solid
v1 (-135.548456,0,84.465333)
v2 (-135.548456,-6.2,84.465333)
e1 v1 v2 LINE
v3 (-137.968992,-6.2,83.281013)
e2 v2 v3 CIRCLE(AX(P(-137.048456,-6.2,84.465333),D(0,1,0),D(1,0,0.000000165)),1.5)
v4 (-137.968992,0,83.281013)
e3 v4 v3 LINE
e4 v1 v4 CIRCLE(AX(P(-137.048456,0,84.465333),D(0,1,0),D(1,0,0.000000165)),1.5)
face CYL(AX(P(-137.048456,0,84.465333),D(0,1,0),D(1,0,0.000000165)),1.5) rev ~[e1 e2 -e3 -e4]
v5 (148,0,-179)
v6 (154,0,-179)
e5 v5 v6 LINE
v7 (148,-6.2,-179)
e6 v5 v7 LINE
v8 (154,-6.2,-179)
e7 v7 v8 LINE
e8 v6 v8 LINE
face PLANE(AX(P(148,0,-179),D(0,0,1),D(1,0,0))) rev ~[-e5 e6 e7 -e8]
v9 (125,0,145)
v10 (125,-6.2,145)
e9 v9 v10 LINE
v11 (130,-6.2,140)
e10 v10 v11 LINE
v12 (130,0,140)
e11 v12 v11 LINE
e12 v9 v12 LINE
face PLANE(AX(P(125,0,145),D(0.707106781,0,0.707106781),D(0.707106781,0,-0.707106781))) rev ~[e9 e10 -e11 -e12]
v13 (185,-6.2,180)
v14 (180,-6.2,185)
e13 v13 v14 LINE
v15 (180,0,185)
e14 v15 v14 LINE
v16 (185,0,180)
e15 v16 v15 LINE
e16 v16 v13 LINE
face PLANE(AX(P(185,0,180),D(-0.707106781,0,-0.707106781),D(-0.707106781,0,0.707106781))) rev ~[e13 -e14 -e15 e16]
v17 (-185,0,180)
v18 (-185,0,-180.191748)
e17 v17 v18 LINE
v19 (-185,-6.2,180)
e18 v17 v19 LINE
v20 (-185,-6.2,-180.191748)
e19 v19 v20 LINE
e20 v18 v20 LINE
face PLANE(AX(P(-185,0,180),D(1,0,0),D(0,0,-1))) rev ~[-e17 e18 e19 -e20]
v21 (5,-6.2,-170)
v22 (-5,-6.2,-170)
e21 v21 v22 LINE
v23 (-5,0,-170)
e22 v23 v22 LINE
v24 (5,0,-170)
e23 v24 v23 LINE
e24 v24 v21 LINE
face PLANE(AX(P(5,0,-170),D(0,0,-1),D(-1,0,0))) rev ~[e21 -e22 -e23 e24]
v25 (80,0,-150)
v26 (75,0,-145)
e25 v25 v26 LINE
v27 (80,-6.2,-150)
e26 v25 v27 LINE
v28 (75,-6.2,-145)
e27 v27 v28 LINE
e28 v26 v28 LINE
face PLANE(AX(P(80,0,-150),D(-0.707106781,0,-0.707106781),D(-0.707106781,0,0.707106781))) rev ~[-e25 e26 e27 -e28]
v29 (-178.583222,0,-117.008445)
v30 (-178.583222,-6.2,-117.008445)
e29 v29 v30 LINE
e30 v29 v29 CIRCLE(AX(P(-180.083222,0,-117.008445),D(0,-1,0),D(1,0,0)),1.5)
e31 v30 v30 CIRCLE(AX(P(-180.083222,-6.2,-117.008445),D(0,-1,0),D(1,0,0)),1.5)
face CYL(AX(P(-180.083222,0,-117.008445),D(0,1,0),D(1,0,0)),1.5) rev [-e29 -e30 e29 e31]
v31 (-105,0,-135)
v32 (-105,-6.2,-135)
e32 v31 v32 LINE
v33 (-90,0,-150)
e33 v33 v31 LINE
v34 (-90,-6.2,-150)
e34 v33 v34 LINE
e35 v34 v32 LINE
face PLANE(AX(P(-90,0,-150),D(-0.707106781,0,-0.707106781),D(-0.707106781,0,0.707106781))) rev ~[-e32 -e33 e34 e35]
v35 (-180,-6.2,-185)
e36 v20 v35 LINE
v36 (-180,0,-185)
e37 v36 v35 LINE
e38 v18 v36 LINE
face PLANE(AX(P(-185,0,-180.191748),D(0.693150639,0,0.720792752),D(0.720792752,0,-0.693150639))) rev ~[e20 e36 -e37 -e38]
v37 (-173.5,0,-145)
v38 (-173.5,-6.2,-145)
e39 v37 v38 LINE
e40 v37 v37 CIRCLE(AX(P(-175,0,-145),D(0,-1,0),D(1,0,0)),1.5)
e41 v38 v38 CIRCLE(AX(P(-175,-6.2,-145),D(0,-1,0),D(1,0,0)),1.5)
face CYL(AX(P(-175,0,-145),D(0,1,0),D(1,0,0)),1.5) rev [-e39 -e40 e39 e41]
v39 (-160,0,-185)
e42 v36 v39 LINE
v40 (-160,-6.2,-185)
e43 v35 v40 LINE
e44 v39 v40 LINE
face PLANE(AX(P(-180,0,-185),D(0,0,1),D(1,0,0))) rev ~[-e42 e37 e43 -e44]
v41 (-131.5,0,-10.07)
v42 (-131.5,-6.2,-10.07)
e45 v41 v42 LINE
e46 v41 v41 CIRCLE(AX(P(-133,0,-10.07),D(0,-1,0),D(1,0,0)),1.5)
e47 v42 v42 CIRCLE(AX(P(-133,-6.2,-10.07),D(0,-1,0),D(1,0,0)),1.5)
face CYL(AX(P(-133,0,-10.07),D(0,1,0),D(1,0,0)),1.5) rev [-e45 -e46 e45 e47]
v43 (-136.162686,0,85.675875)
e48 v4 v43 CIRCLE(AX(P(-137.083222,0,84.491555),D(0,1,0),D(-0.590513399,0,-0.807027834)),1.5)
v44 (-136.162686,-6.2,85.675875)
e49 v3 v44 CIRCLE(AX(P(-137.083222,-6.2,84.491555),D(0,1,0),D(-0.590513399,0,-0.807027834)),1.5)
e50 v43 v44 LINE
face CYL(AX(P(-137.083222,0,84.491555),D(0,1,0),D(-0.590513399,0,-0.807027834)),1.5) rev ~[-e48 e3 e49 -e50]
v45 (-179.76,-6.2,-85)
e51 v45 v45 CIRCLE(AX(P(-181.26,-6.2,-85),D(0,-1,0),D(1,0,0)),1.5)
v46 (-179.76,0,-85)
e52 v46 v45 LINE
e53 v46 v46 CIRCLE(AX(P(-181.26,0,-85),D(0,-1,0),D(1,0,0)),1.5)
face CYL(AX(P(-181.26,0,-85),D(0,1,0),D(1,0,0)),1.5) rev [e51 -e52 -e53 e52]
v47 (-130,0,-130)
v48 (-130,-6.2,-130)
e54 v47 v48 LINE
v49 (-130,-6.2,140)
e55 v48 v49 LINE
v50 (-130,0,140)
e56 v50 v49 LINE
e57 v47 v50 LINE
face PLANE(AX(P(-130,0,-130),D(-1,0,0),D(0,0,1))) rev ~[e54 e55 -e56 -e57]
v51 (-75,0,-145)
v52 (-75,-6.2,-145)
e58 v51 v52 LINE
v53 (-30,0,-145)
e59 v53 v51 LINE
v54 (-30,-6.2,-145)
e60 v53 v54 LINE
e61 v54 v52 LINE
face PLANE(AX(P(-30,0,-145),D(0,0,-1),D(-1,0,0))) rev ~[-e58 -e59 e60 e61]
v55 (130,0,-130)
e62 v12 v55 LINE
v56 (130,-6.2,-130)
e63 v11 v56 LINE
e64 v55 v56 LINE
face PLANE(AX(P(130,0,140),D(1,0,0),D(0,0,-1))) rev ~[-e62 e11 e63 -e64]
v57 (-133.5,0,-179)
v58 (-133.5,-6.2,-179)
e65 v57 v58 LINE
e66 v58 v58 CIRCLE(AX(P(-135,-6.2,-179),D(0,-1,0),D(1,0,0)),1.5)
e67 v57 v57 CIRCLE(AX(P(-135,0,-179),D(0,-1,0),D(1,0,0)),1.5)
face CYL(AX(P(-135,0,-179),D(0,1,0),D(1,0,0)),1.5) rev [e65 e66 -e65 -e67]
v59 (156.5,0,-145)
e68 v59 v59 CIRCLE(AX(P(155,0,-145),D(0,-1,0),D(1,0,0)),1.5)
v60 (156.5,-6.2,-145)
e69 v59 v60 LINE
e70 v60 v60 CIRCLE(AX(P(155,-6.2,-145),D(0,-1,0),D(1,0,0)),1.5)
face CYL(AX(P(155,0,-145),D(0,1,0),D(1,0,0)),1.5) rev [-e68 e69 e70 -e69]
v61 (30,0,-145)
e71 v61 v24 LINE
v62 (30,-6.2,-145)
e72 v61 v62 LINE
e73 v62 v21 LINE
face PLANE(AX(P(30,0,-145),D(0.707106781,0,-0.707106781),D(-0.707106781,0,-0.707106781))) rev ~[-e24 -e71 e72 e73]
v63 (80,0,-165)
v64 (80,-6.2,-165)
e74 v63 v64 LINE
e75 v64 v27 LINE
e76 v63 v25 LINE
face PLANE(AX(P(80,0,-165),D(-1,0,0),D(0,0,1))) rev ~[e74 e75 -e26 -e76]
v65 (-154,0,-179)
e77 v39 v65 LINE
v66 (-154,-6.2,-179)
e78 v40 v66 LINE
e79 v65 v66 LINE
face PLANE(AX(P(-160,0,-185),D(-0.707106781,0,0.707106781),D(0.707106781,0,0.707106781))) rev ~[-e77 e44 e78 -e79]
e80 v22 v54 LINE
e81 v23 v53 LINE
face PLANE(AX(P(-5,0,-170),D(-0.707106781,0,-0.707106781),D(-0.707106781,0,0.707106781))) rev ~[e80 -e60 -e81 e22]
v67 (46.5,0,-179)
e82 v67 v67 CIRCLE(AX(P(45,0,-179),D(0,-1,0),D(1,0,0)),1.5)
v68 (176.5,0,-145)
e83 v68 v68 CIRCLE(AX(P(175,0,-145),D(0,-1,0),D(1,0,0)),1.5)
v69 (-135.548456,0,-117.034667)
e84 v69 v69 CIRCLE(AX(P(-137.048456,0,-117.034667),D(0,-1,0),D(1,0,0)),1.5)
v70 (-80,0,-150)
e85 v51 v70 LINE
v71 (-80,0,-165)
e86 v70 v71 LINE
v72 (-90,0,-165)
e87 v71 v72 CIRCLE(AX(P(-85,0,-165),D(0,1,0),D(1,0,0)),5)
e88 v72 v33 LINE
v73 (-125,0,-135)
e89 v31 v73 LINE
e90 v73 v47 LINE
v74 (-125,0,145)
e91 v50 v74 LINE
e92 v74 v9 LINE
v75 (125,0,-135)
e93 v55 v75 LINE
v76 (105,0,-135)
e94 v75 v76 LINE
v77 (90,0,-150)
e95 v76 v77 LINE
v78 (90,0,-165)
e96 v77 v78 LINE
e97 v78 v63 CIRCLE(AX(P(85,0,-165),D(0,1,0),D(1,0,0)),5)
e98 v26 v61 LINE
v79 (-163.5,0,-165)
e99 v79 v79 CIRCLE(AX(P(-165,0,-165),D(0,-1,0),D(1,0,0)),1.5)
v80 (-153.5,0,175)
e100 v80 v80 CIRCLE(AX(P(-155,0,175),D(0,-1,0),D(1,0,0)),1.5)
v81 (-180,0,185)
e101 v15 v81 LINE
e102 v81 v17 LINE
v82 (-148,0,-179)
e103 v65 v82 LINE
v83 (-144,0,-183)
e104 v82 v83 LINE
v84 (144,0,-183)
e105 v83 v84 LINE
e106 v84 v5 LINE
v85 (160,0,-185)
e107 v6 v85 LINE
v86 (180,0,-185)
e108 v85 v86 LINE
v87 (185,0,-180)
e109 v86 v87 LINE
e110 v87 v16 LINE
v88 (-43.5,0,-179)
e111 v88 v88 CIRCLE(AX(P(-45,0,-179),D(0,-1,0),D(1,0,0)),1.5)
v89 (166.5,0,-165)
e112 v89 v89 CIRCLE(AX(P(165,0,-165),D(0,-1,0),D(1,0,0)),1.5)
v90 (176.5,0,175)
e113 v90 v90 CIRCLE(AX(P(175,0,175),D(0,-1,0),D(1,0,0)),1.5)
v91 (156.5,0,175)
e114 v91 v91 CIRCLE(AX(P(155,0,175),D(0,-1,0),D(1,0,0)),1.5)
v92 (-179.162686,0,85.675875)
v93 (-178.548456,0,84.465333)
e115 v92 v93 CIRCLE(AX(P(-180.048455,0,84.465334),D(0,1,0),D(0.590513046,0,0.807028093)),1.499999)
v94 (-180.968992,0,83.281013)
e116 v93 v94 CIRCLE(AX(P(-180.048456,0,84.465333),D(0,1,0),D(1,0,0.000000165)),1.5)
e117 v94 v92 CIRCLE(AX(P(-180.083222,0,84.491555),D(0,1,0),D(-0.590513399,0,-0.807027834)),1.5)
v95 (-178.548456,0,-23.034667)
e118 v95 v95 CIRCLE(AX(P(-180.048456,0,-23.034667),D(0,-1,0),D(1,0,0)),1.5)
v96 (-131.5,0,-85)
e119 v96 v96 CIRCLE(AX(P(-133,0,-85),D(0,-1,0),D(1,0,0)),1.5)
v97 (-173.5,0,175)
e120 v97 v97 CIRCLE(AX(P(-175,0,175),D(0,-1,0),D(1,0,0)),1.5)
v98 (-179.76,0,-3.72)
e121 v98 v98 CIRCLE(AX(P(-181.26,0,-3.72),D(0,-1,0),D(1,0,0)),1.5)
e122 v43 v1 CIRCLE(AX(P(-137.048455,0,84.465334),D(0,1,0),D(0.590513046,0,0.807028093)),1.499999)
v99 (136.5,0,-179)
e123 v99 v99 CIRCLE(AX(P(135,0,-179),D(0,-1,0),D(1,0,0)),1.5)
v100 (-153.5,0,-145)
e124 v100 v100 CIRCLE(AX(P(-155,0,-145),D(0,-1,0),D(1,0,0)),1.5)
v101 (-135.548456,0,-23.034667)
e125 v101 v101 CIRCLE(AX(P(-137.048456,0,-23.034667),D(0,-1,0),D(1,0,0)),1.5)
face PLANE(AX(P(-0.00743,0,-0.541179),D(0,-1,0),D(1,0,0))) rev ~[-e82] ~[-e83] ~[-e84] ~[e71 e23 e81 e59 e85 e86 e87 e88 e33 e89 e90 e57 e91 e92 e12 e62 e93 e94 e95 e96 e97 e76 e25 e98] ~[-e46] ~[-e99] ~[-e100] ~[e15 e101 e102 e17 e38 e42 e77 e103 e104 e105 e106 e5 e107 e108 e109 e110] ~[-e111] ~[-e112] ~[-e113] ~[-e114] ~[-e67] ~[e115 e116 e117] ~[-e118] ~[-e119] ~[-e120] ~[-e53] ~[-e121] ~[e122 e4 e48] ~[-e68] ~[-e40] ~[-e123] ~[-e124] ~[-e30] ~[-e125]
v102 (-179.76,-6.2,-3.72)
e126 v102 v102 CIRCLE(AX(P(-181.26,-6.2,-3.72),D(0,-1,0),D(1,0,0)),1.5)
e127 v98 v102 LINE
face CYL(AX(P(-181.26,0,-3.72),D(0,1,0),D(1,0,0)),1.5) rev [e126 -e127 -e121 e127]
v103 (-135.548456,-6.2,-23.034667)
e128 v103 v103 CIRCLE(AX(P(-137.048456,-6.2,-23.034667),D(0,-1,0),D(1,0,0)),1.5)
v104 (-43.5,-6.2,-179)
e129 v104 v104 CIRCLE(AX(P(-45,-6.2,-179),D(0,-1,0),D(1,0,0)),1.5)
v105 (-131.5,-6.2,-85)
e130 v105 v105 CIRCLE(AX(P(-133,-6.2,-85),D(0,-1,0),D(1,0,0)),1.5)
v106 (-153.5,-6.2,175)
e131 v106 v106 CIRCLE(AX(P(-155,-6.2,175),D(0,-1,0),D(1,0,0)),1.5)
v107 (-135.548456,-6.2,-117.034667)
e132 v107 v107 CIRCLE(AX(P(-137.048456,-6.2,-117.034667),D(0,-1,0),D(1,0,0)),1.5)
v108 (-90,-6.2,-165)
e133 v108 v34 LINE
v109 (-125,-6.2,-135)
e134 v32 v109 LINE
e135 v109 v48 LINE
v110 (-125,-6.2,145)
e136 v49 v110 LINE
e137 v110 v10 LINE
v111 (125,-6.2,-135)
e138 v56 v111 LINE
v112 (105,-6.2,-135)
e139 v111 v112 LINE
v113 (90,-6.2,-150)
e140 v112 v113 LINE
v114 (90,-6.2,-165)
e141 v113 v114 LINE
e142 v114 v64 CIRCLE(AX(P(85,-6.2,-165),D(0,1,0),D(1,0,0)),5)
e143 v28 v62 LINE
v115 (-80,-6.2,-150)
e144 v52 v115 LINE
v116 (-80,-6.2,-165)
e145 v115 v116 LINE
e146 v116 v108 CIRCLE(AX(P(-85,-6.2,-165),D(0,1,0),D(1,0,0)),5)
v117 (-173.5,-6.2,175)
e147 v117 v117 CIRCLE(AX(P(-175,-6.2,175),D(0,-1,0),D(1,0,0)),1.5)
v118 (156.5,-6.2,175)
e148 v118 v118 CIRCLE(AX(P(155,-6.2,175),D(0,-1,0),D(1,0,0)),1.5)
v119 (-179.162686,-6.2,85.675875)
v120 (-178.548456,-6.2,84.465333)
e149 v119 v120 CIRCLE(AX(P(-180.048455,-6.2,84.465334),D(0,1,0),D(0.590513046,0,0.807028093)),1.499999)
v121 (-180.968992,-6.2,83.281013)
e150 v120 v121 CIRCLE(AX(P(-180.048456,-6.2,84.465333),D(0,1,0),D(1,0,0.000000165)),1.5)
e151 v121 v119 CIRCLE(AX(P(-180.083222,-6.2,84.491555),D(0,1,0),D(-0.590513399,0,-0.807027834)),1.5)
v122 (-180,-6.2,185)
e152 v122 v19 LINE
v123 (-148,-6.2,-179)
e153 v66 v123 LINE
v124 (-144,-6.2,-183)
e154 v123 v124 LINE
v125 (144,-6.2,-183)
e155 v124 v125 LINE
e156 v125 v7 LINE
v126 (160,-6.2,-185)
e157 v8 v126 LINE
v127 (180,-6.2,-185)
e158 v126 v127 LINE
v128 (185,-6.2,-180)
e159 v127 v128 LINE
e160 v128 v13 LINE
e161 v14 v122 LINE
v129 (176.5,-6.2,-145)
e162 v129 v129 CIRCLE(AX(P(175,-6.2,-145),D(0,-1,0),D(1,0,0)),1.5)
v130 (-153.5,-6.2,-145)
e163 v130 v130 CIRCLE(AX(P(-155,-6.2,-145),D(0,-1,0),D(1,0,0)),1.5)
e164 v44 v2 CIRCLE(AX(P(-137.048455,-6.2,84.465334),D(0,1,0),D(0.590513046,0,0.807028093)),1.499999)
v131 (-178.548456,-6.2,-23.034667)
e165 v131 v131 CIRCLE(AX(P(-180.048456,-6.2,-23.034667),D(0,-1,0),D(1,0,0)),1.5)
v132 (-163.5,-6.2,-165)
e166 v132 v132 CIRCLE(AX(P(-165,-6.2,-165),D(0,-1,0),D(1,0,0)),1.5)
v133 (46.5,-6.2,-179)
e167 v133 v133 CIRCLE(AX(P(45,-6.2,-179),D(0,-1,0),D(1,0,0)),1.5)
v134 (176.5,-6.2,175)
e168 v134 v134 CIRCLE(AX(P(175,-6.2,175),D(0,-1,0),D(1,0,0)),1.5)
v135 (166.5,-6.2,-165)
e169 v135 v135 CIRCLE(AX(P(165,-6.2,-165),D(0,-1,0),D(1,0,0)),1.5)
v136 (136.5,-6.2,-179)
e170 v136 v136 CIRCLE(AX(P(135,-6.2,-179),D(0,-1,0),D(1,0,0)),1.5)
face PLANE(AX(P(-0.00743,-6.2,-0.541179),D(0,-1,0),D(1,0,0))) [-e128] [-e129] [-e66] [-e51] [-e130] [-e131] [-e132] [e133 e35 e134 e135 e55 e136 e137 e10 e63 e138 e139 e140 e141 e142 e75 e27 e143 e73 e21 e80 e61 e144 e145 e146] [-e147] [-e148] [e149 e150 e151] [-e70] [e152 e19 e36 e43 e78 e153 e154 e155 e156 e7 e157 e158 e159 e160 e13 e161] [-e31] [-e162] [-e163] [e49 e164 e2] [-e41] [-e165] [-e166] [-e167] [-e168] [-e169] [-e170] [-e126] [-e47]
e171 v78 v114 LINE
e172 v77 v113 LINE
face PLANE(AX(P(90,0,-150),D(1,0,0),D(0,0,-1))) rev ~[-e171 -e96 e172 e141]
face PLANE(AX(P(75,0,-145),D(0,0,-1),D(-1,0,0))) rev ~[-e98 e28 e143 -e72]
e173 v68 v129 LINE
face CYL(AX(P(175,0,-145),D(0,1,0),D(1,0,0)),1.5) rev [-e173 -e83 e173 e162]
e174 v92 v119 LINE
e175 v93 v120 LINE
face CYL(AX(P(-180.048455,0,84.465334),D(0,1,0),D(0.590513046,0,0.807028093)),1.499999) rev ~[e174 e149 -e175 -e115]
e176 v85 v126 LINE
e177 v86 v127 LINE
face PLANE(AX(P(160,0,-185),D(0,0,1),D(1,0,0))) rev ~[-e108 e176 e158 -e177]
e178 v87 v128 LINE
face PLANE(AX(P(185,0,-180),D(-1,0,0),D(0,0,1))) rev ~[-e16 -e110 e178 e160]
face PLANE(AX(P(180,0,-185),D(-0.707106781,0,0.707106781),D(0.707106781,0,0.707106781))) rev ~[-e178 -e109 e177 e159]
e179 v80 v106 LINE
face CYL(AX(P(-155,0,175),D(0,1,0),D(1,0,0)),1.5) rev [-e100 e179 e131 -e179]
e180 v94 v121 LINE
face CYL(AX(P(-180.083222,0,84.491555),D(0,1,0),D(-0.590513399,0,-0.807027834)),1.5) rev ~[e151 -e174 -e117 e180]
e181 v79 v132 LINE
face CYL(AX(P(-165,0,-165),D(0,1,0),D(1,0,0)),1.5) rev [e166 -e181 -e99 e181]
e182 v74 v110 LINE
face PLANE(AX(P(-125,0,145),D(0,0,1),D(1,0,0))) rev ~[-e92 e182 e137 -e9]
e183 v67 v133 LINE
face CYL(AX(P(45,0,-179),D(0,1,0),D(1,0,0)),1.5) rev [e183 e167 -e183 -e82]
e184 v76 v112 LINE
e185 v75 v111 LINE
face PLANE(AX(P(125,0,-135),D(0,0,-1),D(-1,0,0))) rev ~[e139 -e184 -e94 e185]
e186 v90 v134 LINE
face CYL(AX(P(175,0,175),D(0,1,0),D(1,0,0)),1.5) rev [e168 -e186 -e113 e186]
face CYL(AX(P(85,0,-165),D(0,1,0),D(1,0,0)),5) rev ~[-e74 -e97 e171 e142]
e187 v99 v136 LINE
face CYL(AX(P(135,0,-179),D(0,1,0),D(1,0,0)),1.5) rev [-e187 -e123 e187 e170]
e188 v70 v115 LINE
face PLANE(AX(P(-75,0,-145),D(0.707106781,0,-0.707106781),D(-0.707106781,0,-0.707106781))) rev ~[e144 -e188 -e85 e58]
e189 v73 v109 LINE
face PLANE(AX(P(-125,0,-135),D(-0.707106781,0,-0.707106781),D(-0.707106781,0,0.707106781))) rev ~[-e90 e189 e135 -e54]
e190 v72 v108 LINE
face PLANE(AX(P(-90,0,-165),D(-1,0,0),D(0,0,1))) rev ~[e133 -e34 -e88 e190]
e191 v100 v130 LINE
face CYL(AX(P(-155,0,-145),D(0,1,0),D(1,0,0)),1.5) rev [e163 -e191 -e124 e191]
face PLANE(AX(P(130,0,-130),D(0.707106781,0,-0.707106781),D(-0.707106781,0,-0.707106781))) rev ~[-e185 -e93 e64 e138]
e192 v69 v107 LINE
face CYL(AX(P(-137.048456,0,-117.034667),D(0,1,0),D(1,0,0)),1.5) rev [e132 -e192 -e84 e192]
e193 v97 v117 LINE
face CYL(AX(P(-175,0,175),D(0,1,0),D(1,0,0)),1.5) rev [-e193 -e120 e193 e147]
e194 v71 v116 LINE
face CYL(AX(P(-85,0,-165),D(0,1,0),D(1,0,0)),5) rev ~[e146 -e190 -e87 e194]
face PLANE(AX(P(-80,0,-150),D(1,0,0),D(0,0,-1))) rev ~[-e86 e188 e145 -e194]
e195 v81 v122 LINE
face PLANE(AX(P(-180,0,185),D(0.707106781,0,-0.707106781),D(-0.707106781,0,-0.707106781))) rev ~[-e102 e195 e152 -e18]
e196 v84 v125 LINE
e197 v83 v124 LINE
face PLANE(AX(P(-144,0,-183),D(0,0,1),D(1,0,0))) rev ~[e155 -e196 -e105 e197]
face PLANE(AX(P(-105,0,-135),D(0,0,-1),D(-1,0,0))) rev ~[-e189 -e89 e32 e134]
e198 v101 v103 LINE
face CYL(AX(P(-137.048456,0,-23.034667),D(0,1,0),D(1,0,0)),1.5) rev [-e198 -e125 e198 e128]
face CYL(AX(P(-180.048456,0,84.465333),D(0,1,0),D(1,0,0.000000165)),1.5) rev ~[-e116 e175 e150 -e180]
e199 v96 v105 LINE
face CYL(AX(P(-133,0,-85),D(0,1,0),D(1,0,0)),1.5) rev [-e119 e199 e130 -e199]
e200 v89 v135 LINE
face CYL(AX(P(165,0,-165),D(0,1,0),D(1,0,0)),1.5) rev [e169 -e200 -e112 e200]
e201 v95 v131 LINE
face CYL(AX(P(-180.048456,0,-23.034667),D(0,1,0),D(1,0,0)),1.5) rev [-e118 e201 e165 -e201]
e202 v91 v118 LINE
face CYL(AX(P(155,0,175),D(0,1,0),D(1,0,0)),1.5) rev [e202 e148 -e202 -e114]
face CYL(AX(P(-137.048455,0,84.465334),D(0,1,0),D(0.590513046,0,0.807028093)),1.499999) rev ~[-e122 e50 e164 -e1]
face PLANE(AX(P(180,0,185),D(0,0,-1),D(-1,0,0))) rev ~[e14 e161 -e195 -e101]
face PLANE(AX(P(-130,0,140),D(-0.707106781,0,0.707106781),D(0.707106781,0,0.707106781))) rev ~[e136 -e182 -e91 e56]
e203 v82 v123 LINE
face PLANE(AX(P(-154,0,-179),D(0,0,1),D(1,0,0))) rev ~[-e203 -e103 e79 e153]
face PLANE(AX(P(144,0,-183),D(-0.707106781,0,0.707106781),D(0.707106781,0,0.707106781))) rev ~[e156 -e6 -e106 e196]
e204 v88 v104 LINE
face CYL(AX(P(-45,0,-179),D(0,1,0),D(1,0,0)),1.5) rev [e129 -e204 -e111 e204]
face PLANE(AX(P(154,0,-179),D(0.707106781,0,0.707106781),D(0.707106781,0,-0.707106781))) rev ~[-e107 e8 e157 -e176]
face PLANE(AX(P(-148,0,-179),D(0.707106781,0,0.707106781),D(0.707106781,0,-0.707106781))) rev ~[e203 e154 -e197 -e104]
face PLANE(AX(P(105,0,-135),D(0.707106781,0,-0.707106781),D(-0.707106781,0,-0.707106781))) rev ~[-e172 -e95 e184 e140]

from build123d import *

# Parameters (mm, degrees)
F0_R     = 1.5
F1_DEPTH = 6.2


with BuildPart() as f1:
    # F0 (on Front) → F1 (new body)
    with BuildSketch(Plane.XZ):
        Polygon((-185, -180.191748), (-180, -185), (-160, -185), (-158, -183), (-154, -179), (-148, -179), (-144, -183), (144, -183), (148, -179), (154, -179), (158, -183), (160, -185), (180, -185), (185, -180), (185, 180), (180, 185), (-180, 185), (-185, 180), align=None)
        with Locations((-165, -165)):
            Circle(F0_R, mode=Mode.SUBTRACT)
        with Locations((-175, -145)):
            Circle(F0_R, mode=Mode.SUBTRACT)
        with Locations((-155, -145)):
            Circle(F0_R, mode=Mode.SUBTRACT)
        with Locations((-135, -179)):
            Circle(F0_R, mode=Mode.SUBTRACT)
        with Locations((-180.083222, -117.008445)):
            Circle(F0_R, mode=Mode.SUBTRACT)
        with Locations((-137.048456, -117.034667)):
            Circle(F0_R, mode=Mode.SUBTRACT)
        with Locations((-45, -179)):
            Circle(F0_R, mode=Mode.SUBTRACT)
        with Locations((-181.26, -85)):
            Circle(F0_R, mode=Mode.SUBTRACT)
        with Locations((-133, -85)):
            Circle(F0_R, mode=Mode.SUBTRACT)
        with Locations((-180.048456, -23.034667)):
            Circle(F0_R, mode=Mode.SUBTRACT)
        with Locations((-181.26, -3.72)):
            Circle(F0_R, mode=Mode.SUBTRACT)
        with Locations((-137.048456, -23.034667)):
            Circle(F0_R, mode=Mode.SUBTRACT)
        with Locations((-133, -10.07)):
            Circle(F0_R, mode=Mode.SUBTRACT)
        with Locations((45, -179)):
            Circle(F0_R, mode=Mode.SUBTRACT)
        with Locations((135, -179)):
            Circle(F0_R, mode=Mode.SUBTRACT)
        with Locations((165, -165)):
            Circle(F0_R, mode=Mode.SUBTRACT)
        with Locations((155, -145)):
            Circle(F0_R, mode=Mode.SUBTRACT)
        with Locations((175, -145)):
            Circle(F0_R, mode=Mode.SUBTRACT)
        with BuildLine():
            ThreePointArc((-80, -165), (-85, -170), (-90, -165))
            Line((-90, -165), (-90, -150))
            Line((-90, -150), (-105, -135))
            Line((-105, -135), (-125, -135))
            Line((-125, -135), (-130, -130))
            Line((-130, -130), (-130, 140))
            Line((-130, 140), (-125, 145))
            Line((-125, 145), (125, 145))
            Line((125, 145), (130, 140))
            Line((130, 140), (130, -130))
            Line((130, -130), (125, -135))
            Line((125, -135), (105, -135))
            Line((105, -135), (90, -150))
            Line((90, -150), (90, -165))
            ThreePointArc((90, -165), (85, -170), (80, -165))
            Line((80, -165), (80, -150))
            Line((80, -150), (75, -145))
            Line((75, -145), (30, -145))
            Line((30, -145), (5, -170))
            Line((5, -170), (-5, -170))
            Line((-5, -170), (-30, -145))
            Line((-30, -145), (-75, -145))
            Line((-75, -145), (-80, -150))
            Line((-80, -150), (-80, -165))
        make_face(mode=Mode.SUBTRACT)
        with BuildLine():
            ThreePointArc((-179.162686, 85.675875), (-178.710798, 85.144061), (-178.548456, 84.465333))
            ThreePointArc((-178.548456, 84.465333), (-179.389216, 83.117964), (-180.968992, 83.281013))
            ThreePointArc((-180.968992, 83.281013), (-181.280779, 85.394803), (-179.162686, 85.675875))
        make_face(mode=Mode.SUBTRACT)
        with BuildLine():
            ThreePointArc((-136.162686, 85.675875), (-135.710798, 85.144061), (-135.548456, 84.465333))
            ThreePointArc((-135.548456, 84.465333), (-136.389216, 83.117964), (-137.968992, 83.281013))
            ThreePointArc((-137.968992, 83.281013), (-138.280779, 85.394803), (-136.162686, 85.675875))
        make_face(mode=Mode.SUBTRACT)
        with Locations((-175, 175)):
            Circle(F0_R, mode=Mode.SUBTRACT)
        with Locations((-155, 175)):
            Circle(F0_R, mode=Mode.SUBTRACT)
        with Locations((155, 175)):
            Circle(F0_R, mode=Mode.SUBTRACT)
        with Locations((175, 175)):
            Circle(F0_R, mode=Mode.SUBTRACT)
    extrude(amount=F1_DEPTH)


solid = f1.part
